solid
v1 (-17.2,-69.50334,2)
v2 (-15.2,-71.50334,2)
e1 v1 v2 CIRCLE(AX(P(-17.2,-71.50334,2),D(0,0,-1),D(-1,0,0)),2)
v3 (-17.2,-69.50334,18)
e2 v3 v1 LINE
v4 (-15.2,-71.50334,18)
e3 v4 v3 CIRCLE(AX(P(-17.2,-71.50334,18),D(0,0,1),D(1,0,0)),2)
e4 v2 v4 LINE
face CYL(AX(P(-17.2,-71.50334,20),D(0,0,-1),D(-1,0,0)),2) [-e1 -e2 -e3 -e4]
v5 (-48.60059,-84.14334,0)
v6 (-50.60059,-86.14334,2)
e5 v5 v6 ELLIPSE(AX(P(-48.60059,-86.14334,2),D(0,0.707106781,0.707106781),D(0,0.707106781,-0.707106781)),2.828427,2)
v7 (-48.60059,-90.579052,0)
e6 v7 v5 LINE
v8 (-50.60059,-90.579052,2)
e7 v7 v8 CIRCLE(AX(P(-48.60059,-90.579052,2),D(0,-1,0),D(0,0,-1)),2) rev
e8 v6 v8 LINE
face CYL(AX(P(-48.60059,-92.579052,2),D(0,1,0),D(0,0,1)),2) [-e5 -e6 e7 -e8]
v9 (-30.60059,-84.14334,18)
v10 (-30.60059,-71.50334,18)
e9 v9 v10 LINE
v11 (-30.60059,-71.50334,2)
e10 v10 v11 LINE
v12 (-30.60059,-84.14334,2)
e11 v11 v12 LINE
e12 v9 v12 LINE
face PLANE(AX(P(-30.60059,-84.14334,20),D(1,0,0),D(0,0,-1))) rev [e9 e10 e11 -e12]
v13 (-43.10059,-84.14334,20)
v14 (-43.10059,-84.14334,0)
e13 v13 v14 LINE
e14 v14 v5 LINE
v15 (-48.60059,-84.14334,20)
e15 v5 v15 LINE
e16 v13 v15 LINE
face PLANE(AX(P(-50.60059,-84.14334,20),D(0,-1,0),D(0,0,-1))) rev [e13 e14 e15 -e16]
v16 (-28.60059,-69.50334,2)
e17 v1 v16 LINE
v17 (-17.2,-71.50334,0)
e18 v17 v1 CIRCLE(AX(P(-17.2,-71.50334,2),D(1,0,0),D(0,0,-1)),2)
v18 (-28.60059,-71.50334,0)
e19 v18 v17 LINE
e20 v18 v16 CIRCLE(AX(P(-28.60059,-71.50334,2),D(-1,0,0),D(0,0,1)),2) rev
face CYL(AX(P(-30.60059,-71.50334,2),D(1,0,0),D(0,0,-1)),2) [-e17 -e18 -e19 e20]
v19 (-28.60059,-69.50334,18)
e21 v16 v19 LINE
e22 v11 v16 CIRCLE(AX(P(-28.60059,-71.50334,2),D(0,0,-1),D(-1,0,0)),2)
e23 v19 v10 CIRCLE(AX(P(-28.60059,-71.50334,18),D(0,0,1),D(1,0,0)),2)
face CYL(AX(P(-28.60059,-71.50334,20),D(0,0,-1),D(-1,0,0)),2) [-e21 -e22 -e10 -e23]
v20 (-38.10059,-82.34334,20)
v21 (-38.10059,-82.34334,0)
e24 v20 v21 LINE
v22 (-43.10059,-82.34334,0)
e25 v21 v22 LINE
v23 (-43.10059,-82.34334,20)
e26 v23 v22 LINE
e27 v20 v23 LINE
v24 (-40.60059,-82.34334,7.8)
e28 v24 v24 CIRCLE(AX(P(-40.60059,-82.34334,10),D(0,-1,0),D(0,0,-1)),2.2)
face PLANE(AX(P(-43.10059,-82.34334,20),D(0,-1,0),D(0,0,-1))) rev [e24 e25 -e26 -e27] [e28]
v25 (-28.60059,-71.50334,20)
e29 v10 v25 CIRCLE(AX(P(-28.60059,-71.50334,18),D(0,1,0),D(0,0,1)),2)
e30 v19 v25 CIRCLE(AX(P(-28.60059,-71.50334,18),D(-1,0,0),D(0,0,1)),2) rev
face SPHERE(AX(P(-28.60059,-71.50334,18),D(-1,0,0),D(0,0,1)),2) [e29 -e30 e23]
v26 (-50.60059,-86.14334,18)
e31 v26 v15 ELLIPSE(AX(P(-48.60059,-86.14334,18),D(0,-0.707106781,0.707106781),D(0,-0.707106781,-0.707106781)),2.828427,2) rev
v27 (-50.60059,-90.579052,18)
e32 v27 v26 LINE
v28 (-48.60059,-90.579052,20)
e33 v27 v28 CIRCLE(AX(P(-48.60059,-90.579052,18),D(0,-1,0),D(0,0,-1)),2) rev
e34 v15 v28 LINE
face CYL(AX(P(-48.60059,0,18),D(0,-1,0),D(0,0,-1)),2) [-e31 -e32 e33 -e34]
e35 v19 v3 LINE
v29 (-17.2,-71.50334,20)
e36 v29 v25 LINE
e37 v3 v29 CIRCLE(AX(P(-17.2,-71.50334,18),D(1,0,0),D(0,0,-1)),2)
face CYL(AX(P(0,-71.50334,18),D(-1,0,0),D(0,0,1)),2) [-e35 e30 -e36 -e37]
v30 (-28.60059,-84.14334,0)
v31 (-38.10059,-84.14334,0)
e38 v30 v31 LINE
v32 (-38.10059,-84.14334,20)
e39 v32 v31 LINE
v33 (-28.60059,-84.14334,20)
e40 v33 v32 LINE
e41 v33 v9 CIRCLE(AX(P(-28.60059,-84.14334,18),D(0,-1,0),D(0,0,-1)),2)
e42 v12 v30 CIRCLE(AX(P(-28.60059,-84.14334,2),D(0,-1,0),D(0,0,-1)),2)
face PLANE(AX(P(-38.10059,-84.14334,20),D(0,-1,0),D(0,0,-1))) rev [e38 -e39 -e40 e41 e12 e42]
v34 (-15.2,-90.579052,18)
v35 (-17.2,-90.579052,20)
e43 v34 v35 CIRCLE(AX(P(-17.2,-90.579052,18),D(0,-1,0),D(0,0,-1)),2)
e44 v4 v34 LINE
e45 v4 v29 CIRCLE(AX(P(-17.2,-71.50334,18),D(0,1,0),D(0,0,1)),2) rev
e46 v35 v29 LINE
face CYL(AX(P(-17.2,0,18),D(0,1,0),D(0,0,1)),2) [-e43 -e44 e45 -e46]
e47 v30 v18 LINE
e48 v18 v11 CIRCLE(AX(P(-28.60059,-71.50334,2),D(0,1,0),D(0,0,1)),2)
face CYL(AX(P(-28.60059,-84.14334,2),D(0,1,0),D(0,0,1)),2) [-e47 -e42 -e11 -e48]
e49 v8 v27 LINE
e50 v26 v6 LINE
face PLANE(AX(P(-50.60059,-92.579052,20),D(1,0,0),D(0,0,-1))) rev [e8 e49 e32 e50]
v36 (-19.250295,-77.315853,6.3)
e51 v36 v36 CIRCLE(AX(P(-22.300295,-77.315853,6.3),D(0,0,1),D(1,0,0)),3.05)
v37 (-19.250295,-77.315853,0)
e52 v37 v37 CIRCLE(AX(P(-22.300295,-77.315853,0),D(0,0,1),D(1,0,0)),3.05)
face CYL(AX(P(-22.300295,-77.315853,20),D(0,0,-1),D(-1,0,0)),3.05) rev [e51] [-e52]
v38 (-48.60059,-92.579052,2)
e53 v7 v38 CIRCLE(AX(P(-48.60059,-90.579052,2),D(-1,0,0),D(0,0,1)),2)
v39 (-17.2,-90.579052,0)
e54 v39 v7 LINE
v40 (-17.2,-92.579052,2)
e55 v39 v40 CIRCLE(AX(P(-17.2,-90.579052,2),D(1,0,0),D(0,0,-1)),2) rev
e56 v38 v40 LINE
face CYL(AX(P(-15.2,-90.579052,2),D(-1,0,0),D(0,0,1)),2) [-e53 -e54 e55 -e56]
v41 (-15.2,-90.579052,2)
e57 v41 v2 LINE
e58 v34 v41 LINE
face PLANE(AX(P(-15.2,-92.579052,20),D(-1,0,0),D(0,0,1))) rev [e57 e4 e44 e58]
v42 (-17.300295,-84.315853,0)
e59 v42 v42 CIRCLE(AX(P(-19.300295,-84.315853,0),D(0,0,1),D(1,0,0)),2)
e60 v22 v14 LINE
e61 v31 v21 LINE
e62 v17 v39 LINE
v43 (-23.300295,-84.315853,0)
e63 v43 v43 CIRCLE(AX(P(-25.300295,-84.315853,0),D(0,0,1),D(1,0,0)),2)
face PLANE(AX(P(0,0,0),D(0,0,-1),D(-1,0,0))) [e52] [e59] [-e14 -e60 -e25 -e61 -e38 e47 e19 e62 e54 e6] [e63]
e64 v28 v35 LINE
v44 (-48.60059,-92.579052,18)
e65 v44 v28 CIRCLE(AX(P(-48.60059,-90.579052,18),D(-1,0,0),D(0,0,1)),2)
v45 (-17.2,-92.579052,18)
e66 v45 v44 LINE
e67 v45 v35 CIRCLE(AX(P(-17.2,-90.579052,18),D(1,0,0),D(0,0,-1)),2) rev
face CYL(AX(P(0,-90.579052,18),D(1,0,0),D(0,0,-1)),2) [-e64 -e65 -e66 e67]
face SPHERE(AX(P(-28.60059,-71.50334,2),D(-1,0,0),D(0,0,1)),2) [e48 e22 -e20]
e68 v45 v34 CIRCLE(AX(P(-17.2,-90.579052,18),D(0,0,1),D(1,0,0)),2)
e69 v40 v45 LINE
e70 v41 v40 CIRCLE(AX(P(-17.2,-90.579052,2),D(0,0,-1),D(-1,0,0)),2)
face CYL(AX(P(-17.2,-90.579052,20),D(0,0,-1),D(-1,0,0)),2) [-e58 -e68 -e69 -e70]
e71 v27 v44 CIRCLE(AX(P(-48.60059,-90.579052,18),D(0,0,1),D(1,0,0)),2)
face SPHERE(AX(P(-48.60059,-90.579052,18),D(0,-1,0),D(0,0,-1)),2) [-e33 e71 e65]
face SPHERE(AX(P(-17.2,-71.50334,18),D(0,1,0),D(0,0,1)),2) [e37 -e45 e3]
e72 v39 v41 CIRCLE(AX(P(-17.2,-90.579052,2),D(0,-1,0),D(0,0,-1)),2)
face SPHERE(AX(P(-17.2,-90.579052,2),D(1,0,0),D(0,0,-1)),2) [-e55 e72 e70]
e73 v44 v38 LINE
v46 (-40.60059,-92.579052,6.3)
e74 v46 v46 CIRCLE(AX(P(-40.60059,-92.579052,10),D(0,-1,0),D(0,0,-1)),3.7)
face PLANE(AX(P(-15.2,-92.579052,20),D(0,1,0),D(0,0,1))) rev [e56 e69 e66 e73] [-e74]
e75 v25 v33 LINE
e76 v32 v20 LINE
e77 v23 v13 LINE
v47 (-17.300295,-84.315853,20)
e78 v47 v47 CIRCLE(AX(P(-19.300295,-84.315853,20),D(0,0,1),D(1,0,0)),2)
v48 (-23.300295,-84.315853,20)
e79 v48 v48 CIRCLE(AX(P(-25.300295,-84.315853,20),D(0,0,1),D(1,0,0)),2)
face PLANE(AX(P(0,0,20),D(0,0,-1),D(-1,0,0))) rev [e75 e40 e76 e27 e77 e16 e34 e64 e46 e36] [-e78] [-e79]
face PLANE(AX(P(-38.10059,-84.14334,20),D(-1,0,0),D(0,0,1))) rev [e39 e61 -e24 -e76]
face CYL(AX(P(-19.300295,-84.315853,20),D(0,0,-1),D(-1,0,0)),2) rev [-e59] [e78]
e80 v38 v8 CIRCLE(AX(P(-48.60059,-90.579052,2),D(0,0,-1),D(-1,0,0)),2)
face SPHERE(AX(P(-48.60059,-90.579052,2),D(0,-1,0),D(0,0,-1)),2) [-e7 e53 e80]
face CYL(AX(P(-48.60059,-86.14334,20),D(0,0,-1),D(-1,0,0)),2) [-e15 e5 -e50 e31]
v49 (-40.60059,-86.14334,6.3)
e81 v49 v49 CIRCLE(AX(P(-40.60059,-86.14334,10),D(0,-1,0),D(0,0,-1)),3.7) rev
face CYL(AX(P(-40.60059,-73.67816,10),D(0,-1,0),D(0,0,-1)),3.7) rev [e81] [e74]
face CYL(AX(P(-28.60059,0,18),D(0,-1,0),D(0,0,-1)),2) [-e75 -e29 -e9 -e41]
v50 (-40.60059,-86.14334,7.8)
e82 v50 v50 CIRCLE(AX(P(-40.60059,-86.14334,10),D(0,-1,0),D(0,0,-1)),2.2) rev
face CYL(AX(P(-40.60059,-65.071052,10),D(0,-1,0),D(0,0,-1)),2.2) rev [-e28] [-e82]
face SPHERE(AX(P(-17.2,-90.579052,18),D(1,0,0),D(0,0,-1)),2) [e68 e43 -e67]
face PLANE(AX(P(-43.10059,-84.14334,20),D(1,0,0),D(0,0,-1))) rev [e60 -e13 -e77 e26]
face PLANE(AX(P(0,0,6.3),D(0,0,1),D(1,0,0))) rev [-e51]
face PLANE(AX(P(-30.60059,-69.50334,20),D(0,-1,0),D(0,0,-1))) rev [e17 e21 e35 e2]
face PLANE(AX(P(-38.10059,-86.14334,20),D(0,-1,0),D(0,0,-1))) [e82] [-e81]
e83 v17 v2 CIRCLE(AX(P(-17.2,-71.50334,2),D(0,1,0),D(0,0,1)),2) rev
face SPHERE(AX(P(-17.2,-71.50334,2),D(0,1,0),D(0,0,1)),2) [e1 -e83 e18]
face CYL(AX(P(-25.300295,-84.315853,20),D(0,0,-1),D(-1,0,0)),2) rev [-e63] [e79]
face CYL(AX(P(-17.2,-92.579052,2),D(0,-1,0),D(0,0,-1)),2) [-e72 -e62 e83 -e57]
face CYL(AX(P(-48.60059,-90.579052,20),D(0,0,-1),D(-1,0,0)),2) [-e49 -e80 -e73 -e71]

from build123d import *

# Parameters (mm, degrees)
SKETCH1_R           = 2
SKETCH1_R_2         = 3.05
BOSS_EXTRUDE1_DEPTH = 20
SKETCH2_R           = 2.2
CUT_EXTRUDE1_DEPTH  = 27.508
SKETCH2_3_R         = 3.7
SKETCH2_3_R_2       = 2.2
CUT_EXTRUDE2_DEPTH  = 6.435712
BOSS_EXTRUDE2_START = 6.3
SKETCH1_2_R         = 3.05
BOSS_EXTRUDE2_DEPTH = 13.7
FILLET1_R           = 2


with BuildPart() as part:
    # Sketch1 → Boss-Extrude1 (new body)
    with BuildSketch(Plane.XY):
        Polygon((-15.2, -92.57905153), (-50.600589502, -92.57905153), (-50.600589502, -84.143339933), (-43.100589502, -84.143339933), (-43.100589502, -82.343339933), (-38.100589502, -82.343339933), (-38.100589502, -84.143339933), (-30.600589502, -84.143339933), (-30.600589502, -69.503339933), (-15.2, -69.503339933), align=None)
        with Locations((-25.300294751, -84.31585339)):
            Circle(SKETCH1_R, mode=Mode.SUBTRACT)
        with Locations((-19.300294751, -84.31585339)):
            Circle(SKETCH1_R, mode=Mode.SUBTRACT)
        with Locations((-22.300294751, -77.31585339)):
            Circle(SKETCH1_R_2, mode=Mode.SUBTRACT)
    extrude(amount=BOSS_EXTRUDE1_DEPTH)

    # Sketch2 → Cut-Extrude1 (cut)
    with BuildSketch(Plane.XZ.offset(92.57905153)):
        with Locations((-40.600589502, 10)):
            Circle(SKETCH2_R)
    extrude(amount=-CUT_EXTRUDE1_DEPTH, mode=Mode.SUBTRACT)

    # Sketch2<3> → Cut-Extrude2 (cut)
    with BuildSketch(Plane.XZ.offset(92.57905153)):
        with Locations((-40.600589502, 10)):
            Circle(SKETCH2_3_R)
        with Locations((-40.600589502, 10)):
            Circle(SKETCH2_3_R_2, mode=Mode.SUBTRACT)
    extrude(amount=-CUT_EXTRUDE2_DEPTH, mode=Mode.SUBTRACT)

    # Sketch1<2> → Boss-Extrude2 (add)
    with BuildSketch(Plane.XY.offset(BOSS_EXTRUDE2_START)):
        with Locations((-22.300294751, -77.31585339)):
            Circle(SKETCH1_2_R)
    extrude(amount=BOSS_EXTRUDE2_DEPTH)

    # Fillet1
    fillet1_edges = [part.edges().sort_by_distance(p)[0] for p in [
        (-32.900294751, -92.57905153, 0),
        (-50.600589502, -88.361195731, 0),
        (-30.600589502, -76.823339933, 20),
        (-30.600589502, -76.823339933, 0),
        (-22.900294751, -69.503339933, 0),
        (-15.2, -81.041195731, 0),
        (-15.2, -92.57905153, 10),
        (-50.600589502, -92.57905153, 10),
        (-50.600589502, -84.143339933, 10),
        (-30.600589502, -69.503339933, 10),
        (-15.2, -69.503339933, 10),
        (-50.600589502, -88.361195731, 20),
        (-32.900294751, -92.57905153, 20),
        (-15.2, -81.041195731, 20),
        (-22.900294751, -69.503339933, 20),
    ]]
    fillet(fillet1_edges, radius=FILLET1_R)


solid = part.part
